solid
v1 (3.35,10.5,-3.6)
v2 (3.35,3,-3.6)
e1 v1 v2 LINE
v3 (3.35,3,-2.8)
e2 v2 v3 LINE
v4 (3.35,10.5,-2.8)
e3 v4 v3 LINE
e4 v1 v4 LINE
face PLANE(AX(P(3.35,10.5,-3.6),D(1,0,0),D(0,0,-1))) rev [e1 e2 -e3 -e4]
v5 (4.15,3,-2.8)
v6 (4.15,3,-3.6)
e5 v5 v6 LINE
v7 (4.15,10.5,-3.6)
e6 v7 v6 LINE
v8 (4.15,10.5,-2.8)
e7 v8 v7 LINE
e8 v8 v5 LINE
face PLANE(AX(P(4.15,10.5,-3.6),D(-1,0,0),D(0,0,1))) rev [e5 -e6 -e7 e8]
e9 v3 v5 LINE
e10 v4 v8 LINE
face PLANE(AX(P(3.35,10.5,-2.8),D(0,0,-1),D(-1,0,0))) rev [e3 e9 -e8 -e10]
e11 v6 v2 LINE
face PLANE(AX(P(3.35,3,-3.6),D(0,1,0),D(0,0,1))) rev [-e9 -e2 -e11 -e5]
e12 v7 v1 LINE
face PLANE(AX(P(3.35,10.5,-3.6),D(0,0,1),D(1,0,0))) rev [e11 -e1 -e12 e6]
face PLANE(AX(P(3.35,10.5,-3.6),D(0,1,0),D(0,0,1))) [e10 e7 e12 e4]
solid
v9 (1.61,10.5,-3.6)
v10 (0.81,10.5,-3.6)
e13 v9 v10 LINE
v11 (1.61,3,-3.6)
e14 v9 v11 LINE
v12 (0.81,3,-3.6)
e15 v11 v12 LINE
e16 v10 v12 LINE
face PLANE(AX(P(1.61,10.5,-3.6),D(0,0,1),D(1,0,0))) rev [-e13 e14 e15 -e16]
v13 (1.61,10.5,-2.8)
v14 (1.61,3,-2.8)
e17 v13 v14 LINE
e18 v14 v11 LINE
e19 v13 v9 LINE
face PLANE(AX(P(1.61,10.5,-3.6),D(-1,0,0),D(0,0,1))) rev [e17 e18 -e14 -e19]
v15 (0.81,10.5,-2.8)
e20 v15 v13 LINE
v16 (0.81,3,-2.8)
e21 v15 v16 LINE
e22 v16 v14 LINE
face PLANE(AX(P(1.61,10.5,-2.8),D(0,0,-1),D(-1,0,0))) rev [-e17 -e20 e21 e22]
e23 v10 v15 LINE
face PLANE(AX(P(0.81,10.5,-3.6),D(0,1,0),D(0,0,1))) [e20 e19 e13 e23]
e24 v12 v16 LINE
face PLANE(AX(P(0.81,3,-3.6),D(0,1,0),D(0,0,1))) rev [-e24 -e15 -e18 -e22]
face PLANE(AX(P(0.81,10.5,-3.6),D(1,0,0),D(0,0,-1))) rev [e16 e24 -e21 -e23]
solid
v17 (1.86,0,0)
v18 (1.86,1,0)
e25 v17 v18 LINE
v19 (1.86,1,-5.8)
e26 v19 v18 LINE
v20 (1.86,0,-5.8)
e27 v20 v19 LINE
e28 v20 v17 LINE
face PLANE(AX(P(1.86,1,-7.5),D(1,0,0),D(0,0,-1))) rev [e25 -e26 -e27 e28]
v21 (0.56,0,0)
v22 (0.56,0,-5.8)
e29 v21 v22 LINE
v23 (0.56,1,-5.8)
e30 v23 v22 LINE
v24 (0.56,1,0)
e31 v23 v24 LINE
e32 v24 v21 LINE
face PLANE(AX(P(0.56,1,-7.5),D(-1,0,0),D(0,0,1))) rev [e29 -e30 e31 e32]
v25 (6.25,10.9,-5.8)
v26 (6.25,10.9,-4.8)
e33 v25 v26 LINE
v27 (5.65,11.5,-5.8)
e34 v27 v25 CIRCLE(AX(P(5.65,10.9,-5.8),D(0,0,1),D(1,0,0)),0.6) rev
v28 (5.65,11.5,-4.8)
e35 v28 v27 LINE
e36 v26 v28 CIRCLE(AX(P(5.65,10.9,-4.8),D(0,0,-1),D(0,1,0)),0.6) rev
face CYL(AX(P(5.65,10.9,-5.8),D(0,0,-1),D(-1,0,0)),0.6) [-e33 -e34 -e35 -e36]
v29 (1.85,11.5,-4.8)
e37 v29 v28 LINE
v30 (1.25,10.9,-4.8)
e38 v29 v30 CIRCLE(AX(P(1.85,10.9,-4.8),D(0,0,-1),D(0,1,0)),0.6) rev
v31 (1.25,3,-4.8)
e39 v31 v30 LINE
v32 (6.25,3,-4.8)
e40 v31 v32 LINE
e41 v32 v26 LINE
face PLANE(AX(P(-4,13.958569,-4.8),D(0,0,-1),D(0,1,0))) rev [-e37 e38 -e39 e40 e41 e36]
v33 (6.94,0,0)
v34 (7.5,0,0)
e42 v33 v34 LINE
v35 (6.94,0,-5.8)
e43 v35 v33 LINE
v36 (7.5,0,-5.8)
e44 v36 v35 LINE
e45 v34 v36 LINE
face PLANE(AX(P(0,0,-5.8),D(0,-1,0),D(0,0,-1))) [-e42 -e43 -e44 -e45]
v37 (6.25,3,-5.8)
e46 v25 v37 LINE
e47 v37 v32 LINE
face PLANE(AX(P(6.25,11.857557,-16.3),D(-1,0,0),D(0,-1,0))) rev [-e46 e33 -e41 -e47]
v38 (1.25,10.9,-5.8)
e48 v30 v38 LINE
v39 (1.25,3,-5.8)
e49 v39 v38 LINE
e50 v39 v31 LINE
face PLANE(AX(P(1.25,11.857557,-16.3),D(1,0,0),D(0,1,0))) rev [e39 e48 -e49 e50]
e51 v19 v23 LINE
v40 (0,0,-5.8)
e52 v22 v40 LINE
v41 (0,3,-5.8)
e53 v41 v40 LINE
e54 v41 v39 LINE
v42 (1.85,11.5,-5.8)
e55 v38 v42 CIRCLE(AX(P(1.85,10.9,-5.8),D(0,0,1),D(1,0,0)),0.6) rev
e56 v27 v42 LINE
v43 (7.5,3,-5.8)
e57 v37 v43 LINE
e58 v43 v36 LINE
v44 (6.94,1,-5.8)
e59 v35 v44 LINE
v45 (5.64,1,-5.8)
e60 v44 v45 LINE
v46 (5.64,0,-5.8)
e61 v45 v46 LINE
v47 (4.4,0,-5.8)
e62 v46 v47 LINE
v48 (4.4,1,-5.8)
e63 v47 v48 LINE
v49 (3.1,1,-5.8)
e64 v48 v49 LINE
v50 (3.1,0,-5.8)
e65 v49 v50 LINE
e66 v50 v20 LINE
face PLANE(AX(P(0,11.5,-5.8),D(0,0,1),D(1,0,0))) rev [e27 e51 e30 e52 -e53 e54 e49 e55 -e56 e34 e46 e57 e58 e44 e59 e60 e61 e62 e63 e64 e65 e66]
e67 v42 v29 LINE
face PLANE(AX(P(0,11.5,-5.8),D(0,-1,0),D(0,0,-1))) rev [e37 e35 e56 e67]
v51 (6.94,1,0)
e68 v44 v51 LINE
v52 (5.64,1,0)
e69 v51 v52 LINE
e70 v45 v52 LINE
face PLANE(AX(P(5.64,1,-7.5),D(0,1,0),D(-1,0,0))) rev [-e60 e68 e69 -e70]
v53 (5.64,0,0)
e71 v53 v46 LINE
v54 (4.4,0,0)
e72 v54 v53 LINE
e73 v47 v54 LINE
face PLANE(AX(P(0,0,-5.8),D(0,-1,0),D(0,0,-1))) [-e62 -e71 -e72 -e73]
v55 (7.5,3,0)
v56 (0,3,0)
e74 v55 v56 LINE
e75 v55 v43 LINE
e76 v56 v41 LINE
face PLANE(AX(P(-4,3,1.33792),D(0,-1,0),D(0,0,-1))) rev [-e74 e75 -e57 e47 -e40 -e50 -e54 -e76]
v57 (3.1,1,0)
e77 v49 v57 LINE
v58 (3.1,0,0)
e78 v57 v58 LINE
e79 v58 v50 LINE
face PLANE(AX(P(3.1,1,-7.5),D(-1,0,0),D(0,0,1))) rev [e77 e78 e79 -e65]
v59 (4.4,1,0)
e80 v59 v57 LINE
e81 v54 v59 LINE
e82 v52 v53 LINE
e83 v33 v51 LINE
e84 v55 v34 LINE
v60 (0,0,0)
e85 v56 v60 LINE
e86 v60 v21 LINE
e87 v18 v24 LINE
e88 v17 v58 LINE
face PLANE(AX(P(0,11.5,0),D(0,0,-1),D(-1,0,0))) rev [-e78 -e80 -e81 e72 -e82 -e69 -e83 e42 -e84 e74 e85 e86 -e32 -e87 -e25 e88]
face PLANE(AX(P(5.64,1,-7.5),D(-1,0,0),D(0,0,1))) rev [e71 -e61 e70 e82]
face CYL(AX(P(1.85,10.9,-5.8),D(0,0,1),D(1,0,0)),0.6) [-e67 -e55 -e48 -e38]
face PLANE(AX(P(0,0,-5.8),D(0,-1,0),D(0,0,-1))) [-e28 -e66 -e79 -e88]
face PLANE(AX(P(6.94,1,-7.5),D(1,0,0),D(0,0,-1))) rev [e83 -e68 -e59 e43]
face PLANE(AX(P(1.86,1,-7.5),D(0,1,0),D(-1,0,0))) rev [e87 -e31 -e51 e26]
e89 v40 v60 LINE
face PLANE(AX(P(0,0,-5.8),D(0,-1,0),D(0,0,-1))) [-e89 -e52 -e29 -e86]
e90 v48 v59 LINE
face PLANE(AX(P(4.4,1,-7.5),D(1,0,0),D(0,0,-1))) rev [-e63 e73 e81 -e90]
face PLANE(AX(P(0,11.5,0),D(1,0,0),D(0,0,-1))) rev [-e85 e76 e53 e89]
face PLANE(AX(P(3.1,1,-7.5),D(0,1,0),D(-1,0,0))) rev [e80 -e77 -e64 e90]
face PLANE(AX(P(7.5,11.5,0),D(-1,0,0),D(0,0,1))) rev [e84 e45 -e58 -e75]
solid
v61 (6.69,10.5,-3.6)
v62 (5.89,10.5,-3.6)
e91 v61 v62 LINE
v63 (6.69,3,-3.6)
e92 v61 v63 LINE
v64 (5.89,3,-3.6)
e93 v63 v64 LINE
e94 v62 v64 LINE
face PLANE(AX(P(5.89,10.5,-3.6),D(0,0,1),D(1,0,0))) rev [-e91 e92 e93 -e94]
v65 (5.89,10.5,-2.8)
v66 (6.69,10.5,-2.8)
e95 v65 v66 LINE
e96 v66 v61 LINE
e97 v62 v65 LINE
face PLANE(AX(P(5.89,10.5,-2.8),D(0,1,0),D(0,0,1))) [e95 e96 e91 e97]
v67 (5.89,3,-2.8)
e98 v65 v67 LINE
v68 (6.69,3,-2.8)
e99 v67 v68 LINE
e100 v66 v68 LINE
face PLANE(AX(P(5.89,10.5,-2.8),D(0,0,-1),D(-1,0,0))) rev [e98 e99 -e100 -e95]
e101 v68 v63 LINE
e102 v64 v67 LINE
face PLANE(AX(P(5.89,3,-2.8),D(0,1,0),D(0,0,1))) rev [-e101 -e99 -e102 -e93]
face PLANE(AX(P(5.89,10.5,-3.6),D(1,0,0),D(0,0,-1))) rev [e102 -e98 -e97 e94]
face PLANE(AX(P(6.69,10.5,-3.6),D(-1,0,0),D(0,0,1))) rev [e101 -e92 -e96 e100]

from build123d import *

# Parameters (mm, degrees)
CROQUIS1_W            = 7.5
CROQUIS1_H            = 5.8
EXTRUIR1_DEPTH        = 11.5
CROQUIS2_W            = 6.137919575
CROQUIS2_H            = 10.958568738
CORTAR_EXTRUIR1_DEPTH = 11.5
CROQUIS3_W            = 2.217883387
CROQUIS3_H            = 8.857556959
CROQUIS3_W_2          = 2.732635427
CORTAR_EXTRUIR2_DEPTH = 11.5
REDONDEO1_R           = 0.6
CROQUIS4_W            = 0.8
CROQUIS4_H            = 0.8
EXTRUIR2_DEPTH        = 7.5
EXTRUIR2_2_DEPTH      = 7.5
EXTRUIR2_3_DEPTH      = 7.5
CROQUIS5_W            = 1.3
CROQUIS5_H            = 1.427624534
CORTAR_EXTRUIR3_DEPTH = 7.5


with BuildPart() as part:
    # Croquis1 → Extruir1 (new body)
    with BuildSketch(Plane(origin=(0, 0, 0), x_dir=(1, 0, 0), z_dir=(0, 1, 0))):
        with Locations((3.75, 2.9)):
            Rectangle(CROQUIS1_W, CROQUIS1_H)
    extrude(amount=EXTRUIR1_DEPTH)

    # Croquis2 → Cortar-Extruir1 (cut)
    with BuildSketch(Plane(origin=(7.5, 0, 0), x_dir=(0, 0, -1), z_dir=(1, 0, 0))):
        with Locations((1.731040213, 8.479284369)):
            Rectangle(CROQUIS2_W, CROQUIS2_H)
    extrude(amount=-CORTAR_EXTRUIR1_DEPTH, mode=Mode.SUBTRACT)

    # Croquis3 → Cortar-Extruir2 (cut)
    with BuildSketch(Plane.XY.offset(-4.8)):
        with Locations((0.141058306, 7.42877848)):
            Rectangle(CROQUIS3_W, CROQUIS3_H)
        with Locations((7.616317713, 7.42877848)):
            Rectangle(CROQUIS3_W_2, CROQUIS3_H)
    extrude(amount=-CORTAR_EXTRUIR2_DEPTH, mode=Mode.SUBTRACT)

    # Redondeo1
    redondeo1_edges = [part.edges().sort_by_distance(p)[0] for p in [
        (1.25, 11.5, -5.3),
        (6.25, 11.5, -5.3),
    ]]
    fillet(redondeo1_edges, radius=REDONDEO1_R)

    # Croquis5 → Cortar-Extruir3 (cut)
    with BuildSketch(Plane.XY):
        with Locations((3.75, 0.286187733)):
            Rectangle(CROQUIS5_W, CROQUIS5_H)
        with Locations((6.29, 0.286187733)):
            Rectangle(CROQUIS5_W, CROQUIS5_H)
        with Locations((1.21, 0.286187733)):
            Rectangle(CROQUIS5_W, CROQUIS5_H)
    extrude(amount=-CORTAR_EXTRUIR3_DEPTH, mode=Mode.SUBTRACT)


with BuildPart() as body_2:
    # Croquis4 → Extruir2 (new body)
    with BuildSketch(Plane(origin=(0, 3, 0), x_dir=(1, 0, 0), z_dir=(0, 1, 0))):
        with Locations((3.75, 3.2)):
            Rectangle(CROQUIS4_W, CROQUIS4_H)
    extrude(amount=EXTRUIR2_DEPTH)


with BuildPart() as body_3:
    # Croquis4 → Extruir2 2 (new body)
    with BuildSketch(Plane(origin=(0, 3, 0), x_dir=(1, 0, 0), z_dir=(0, 1, 0))):
        with Locations((6.29, 3.2)):
            Rectangle(CROQUIS4_W, CROQUIS4_H)
    extrude(amount=EXTRUIR2_2_DEPTH)


with BuildPart() as body_4:
    # Croquis4 → Extruir2 3 (new body)
    with BuildSketch(Plane(origin=(0, 3, 0), x_dir=(1, 0, 0), z_dir=(0, 1, 0))):
        with Locations((1.21, 3.2)):
            Rectangle(CROQUIS4_W, CROQUIS4_H)
    extrude(amount=EXTRUIR2_3_DEPTH)


solid = Compound([part.part, body_2.part, body_3.part, body_4.part])
